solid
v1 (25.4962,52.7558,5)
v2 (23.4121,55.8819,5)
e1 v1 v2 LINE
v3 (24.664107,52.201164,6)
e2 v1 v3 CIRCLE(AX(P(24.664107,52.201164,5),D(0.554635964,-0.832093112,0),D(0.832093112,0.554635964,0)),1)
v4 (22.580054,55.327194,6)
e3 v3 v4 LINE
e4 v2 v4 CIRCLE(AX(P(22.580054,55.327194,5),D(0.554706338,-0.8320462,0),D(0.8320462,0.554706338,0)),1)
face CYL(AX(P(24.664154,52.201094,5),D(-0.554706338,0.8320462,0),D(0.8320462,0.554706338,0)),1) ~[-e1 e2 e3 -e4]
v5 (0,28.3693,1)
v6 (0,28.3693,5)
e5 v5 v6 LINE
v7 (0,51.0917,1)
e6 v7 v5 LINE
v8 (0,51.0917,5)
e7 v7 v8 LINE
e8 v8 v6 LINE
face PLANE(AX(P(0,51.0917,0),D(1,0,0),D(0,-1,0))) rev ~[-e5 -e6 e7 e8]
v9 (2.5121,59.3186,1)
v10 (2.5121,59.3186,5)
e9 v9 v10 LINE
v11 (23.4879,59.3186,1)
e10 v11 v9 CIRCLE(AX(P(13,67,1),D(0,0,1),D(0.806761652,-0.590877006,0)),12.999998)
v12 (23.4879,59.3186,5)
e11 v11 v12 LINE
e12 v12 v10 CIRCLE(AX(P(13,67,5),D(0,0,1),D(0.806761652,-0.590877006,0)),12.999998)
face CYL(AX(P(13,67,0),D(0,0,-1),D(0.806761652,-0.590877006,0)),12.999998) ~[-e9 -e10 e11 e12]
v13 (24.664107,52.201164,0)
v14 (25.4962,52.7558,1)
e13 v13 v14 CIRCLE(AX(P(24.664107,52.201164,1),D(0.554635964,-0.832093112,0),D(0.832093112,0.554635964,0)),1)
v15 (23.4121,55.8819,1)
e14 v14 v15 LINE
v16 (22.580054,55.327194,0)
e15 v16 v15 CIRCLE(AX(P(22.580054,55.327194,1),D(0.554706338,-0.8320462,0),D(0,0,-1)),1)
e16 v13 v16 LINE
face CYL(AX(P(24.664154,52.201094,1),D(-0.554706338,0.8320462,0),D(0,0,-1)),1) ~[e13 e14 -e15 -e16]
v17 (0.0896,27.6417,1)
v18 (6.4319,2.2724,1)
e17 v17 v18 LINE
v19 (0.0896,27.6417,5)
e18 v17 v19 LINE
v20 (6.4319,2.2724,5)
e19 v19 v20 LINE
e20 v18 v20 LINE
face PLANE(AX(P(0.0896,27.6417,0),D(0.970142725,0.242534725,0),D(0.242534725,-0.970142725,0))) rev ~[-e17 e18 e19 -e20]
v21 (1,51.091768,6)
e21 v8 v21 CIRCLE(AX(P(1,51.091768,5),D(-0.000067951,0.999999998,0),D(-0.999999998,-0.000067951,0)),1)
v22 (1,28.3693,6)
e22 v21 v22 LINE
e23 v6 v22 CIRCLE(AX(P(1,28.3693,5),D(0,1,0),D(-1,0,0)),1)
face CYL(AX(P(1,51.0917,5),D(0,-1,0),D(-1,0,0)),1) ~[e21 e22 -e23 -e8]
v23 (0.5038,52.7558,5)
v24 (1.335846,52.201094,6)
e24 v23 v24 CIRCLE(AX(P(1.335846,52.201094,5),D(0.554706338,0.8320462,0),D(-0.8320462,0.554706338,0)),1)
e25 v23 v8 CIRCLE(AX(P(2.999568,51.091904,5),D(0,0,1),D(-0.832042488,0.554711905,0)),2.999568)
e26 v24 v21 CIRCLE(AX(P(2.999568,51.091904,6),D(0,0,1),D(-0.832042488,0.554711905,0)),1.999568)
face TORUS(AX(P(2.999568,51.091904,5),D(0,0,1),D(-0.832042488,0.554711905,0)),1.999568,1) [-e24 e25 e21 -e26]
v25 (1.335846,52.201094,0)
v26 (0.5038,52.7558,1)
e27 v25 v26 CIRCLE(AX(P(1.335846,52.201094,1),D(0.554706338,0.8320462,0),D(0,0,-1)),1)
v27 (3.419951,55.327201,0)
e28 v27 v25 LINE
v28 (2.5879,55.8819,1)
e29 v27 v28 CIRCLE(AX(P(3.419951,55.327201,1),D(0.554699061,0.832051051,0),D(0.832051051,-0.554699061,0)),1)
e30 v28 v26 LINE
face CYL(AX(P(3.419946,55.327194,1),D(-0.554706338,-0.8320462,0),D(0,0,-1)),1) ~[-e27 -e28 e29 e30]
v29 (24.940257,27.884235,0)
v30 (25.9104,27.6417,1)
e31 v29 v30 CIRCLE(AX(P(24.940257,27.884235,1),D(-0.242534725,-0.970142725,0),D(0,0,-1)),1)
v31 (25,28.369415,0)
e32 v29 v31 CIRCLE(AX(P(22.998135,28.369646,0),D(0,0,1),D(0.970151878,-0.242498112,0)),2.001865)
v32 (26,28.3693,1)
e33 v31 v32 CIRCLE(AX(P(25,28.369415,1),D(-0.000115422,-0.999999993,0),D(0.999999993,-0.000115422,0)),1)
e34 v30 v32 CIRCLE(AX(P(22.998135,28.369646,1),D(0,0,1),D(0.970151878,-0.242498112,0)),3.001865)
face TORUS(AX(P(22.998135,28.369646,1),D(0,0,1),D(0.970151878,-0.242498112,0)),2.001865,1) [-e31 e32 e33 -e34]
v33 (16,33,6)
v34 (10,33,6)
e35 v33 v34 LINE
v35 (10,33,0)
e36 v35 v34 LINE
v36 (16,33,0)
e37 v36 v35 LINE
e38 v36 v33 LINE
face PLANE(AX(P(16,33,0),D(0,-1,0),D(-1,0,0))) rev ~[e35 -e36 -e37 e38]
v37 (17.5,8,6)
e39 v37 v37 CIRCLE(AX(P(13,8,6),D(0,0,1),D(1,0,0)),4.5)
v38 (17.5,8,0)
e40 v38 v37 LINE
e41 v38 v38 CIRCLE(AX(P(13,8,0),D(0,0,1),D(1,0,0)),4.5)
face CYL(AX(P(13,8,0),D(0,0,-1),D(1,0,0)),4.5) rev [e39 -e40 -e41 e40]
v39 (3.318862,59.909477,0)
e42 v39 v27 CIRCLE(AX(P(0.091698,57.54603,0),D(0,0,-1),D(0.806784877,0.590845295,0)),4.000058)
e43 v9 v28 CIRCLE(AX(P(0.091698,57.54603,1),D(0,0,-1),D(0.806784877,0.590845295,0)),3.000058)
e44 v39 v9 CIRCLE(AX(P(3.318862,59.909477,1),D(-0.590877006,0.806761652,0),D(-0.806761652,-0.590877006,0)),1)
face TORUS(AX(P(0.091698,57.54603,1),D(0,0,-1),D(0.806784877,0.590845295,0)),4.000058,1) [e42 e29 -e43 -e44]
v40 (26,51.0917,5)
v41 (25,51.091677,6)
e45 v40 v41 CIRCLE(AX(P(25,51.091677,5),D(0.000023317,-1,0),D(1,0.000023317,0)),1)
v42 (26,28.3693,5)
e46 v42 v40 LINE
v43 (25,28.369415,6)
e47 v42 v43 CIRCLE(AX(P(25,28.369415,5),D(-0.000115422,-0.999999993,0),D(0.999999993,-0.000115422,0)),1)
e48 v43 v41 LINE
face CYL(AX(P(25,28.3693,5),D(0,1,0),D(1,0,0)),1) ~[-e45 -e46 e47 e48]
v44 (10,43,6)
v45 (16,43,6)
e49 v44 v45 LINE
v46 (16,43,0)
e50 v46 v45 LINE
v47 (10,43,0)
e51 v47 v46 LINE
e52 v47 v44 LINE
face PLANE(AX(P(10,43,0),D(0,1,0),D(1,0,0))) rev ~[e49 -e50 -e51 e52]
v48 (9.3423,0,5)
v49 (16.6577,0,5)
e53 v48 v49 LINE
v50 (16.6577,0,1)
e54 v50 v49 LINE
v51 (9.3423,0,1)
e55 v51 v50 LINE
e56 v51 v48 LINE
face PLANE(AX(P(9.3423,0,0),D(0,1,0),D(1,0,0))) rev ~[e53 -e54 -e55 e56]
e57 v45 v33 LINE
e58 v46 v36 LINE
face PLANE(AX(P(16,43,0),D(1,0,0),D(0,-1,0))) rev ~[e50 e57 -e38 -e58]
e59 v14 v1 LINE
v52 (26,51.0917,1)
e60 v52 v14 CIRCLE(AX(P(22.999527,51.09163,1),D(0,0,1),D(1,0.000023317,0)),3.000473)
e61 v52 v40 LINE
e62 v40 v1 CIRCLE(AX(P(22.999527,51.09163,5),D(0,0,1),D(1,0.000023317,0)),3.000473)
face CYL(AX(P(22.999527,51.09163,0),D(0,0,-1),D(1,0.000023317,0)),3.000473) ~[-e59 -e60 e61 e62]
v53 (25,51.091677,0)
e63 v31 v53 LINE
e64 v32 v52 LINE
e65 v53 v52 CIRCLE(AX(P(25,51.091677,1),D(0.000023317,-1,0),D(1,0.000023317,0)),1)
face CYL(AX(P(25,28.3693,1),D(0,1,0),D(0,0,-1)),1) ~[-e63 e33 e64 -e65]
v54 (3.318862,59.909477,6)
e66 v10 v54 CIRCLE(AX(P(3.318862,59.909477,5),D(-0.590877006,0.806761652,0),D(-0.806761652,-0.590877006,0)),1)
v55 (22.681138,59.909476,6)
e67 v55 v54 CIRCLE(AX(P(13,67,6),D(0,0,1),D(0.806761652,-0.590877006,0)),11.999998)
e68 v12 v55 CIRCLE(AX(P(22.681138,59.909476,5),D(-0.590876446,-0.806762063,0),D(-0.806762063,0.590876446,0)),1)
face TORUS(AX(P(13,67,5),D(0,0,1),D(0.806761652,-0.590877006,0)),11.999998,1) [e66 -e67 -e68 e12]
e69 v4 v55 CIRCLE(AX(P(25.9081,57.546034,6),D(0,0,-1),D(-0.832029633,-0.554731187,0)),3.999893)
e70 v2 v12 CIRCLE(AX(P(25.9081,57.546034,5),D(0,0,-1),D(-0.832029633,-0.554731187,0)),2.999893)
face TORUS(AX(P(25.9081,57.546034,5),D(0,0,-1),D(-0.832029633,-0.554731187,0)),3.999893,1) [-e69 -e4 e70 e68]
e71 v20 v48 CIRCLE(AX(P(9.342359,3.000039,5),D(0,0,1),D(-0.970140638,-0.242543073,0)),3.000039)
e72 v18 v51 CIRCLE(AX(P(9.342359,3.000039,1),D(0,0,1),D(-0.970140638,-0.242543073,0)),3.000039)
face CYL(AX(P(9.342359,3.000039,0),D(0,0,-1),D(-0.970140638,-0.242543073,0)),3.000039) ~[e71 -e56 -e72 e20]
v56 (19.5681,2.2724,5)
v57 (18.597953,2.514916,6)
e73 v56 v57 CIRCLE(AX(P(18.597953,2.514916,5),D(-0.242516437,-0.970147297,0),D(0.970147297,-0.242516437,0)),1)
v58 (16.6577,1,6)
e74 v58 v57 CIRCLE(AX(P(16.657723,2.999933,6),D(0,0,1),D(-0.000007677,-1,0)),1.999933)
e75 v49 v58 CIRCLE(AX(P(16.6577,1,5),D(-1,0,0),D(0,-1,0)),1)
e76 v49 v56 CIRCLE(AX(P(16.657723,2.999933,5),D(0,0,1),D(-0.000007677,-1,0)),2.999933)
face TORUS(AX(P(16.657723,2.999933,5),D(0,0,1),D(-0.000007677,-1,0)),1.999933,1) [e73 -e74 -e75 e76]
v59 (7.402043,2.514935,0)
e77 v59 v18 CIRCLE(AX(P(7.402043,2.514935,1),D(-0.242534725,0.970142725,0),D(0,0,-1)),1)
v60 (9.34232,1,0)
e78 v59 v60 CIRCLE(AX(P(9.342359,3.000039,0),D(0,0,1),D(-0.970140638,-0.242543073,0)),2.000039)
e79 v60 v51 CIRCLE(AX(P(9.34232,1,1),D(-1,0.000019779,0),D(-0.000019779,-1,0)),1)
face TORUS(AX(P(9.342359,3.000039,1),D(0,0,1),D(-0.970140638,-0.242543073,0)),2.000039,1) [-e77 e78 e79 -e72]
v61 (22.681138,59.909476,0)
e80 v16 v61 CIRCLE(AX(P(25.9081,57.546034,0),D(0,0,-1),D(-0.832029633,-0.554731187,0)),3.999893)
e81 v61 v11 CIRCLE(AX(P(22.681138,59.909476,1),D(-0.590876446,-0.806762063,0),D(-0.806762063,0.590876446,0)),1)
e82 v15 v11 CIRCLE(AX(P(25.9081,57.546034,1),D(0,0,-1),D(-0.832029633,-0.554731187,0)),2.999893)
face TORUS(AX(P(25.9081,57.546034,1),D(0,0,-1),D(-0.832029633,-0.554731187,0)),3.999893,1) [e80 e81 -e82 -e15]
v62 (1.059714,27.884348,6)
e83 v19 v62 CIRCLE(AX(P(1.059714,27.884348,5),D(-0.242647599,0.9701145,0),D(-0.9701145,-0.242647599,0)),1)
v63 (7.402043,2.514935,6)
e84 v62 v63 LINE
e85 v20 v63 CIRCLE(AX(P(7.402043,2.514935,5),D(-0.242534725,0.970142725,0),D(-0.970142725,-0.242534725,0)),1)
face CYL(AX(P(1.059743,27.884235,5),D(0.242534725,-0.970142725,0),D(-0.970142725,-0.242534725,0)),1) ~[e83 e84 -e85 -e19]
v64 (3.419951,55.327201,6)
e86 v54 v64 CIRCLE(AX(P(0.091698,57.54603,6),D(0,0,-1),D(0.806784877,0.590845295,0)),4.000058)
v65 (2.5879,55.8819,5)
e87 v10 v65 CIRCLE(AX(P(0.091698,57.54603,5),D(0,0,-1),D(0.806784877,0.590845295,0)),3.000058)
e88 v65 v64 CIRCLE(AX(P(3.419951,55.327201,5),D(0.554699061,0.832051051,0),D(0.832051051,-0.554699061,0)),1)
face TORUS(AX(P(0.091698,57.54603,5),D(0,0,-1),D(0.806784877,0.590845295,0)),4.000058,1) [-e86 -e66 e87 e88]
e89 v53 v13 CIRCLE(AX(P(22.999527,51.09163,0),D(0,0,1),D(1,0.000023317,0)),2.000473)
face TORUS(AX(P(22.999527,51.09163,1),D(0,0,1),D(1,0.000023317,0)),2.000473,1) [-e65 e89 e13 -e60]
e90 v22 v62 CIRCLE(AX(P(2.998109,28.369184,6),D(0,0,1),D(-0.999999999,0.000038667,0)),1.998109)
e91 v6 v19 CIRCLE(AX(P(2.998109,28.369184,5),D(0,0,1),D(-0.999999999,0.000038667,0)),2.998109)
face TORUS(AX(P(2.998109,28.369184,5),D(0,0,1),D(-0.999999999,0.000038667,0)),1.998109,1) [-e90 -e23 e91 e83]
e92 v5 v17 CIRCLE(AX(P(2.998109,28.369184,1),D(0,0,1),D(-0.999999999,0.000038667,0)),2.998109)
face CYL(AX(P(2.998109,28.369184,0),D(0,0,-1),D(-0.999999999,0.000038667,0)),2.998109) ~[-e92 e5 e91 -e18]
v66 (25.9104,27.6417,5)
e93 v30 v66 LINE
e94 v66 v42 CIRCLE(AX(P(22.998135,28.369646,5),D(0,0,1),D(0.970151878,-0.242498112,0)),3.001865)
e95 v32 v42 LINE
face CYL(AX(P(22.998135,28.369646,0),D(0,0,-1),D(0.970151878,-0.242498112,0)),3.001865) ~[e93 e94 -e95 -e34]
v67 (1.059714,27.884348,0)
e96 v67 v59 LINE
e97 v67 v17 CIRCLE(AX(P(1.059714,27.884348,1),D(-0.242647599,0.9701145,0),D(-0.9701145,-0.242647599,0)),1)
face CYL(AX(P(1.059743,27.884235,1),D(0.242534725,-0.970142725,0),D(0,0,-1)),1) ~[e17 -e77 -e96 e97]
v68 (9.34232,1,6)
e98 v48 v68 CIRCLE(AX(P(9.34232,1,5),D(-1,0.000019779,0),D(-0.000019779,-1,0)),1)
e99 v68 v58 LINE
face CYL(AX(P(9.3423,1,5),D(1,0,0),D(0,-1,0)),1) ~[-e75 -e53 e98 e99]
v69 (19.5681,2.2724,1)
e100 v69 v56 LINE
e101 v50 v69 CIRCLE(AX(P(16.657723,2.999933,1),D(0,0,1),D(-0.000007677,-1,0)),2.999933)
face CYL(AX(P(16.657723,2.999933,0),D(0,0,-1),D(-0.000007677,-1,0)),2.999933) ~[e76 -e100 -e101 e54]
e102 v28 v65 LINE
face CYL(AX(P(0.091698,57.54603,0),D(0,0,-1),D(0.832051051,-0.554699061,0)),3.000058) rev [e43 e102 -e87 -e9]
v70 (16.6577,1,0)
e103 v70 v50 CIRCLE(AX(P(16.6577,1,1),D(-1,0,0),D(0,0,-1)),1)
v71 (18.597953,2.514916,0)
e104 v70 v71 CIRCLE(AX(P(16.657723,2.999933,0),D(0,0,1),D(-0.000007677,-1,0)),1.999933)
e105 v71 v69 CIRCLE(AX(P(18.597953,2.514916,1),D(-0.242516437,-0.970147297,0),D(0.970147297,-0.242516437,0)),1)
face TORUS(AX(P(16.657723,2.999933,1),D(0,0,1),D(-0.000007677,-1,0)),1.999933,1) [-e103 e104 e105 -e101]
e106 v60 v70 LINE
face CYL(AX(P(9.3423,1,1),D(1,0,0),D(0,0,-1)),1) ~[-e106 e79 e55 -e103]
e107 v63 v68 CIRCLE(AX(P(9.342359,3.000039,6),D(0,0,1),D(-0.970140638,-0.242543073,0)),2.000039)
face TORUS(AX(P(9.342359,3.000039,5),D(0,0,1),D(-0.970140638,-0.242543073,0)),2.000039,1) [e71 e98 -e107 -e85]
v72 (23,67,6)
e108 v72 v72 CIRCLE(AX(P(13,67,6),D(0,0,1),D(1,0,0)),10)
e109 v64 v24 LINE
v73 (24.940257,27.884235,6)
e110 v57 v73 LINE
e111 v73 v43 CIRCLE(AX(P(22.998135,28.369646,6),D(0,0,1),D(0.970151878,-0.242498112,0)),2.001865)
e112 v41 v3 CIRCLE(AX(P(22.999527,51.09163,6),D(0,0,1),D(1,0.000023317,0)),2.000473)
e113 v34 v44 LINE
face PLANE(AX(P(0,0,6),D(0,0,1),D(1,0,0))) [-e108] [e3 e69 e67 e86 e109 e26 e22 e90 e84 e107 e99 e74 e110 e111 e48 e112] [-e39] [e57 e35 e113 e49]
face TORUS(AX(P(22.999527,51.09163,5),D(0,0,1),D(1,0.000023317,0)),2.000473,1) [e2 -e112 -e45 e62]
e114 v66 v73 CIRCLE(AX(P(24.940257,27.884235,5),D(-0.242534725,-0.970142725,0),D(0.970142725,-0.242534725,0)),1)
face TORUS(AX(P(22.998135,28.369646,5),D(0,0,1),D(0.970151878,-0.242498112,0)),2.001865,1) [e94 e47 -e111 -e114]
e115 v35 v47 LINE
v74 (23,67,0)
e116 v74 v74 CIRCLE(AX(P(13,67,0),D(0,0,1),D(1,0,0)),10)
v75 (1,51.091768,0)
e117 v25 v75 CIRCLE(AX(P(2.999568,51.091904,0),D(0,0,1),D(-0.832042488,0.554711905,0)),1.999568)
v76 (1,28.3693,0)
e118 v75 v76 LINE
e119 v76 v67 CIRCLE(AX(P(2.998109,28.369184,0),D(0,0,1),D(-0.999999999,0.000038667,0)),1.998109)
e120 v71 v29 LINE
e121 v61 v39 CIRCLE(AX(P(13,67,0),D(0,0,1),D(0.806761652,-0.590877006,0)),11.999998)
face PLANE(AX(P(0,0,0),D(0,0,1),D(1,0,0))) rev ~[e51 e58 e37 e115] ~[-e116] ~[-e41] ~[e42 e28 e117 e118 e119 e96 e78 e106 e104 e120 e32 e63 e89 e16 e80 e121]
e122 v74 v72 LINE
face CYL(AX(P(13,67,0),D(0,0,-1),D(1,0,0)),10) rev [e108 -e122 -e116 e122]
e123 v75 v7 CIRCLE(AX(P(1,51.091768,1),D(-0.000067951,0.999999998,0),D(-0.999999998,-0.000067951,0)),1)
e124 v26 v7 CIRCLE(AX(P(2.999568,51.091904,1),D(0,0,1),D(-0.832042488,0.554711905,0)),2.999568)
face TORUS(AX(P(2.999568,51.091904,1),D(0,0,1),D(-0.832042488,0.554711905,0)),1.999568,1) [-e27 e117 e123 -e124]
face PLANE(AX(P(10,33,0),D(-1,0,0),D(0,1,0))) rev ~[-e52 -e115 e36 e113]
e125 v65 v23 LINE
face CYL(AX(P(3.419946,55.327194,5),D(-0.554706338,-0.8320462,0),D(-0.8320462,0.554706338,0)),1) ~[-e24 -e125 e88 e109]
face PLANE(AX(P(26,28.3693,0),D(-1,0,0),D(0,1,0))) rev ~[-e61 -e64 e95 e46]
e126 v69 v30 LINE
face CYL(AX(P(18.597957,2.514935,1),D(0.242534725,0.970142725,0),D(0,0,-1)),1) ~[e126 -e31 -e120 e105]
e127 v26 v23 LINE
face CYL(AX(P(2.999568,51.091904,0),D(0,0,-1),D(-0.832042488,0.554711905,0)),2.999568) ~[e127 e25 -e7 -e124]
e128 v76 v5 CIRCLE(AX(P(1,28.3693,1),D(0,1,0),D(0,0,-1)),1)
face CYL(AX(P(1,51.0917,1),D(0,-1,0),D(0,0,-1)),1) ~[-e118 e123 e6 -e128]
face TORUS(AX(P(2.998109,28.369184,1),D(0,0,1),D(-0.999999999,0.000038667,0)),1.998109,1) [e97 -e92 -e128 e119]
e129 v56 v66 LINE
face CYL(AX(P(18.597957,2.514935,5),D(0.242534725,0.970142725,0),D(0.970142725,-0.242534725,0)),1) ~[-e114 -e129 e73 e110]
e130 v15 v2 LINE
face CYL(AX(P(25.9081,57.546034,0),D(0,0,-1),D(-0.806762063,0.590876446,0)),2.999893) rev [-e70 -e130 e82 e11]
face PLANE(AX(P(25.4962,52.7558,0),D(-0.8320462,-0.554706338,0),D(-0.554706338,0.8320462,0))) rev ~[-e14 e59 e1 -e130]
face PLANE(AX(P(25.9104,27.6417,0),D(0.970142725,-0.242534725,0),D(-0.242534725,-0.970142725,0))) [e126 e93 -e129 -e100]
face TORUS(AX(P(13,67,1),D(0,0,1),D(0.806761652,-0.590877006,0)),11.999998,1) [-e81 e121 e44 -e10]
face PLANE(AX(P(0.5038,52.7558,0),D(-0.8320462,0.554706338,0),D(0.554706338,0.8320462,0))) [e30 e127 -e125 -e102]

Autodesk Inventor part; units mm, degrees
ref_plane "YZ Plane" through (0, 0, 0) normal (1, 0, 0) x (0, 1, 0)
ref_plane "XZ Plane" through (0, 0, 0) normal (0, 1, 0) x (-1, 0, 0)
ref_plane "XY Plane" through (0, 0, 0) normal (0, 0, 1) x (1, 0, 0)
sketch "Náčrt1" plane through (0, 0, 0) normal (0, 0, 1) x (1, 0, 0)
  line L0 (9.3423, 0) -> (16.6577, 0)
  line L1 (26, 28.3693) -> (26, 51.0917)
  line L2 (0, 51.0917) -> (0, 28.3693)
  circle A0 centre (13, 67) radius 10
  arc A1 (23.4879, 59.3186) -> (2.5121, 59.3186) centre (13, 67) ccw
  circle A2 centre (13, 8) radius 4.5
  line L3 (10, 43) -> (16, 43)
  line L4 (16, 43) -> (16, 33)
  line L5 (16, 33) -> (10, 33)
  line L6 (10, 33) -> (10, 43)
  line L7 (26, 51.0917) -> (26, 28.3693)
  line L8 (0, 28.3693) -> (0, 51.0917)
  line L9 (0.0896, 27.6417) -> (6.4319, 2.2724)
  line L10 (25.9104, 27.6417) -> (19.5681, 2.2724)
  line L11 (25.4962, 52.7558) -> (23.4121, 55.8819)
  line L12 (0.5038, 52.7558) -> (2.5879, 55.8819)
  arc A3 (6.4319, 2.2724) -> (9.3423, 0) centre (9.3423, 3) ccw
  arc A4 (16.6577, 0) -> (19.5681, 2.2724) centre (16.6577, 3) ccw
  arc A5 (0.5038, 52.7558) -> (0, 51.0917) centre (3, 51.0917) ccw
  arc A6 (26, 51.0917) -> (25.4962, 52.7558) centre (23, 51.0917) ccw
  arc A7 (23.4879, 59.3186) -> (23.4121, 55.8819) centre (25.9082, 57.546) ccw
  arc A8 (2.5879, 55.8819) -> (2.5121, 59.3186) centre (0.0918, 57.546) ccw
  arc A9 (25.9104, 27.6417) -> (26, 28.3693) centre (23, 28.3693) ccw
  arc A10 (0, 28.3693) -> (0.0896, 27.6417) centre (3, 28.3693) ccw
  point P0 (0, 0)
  point P1 (13, 38)
  point P2 (13, 38)
  point P3 (22.1538, 57.7692)
  point P4 (3.8462, 57.7692)
  dimension "d4" = 3
  dimension "d11" = 20
extrude "Vysunutí1" add sketch "Náčrt1" along normal blind 6
fillet "Zaoblení1" radius 1 16 edges at (25.8713, 51.961, 6) (24.4541, 54.3188, 6) (22.9089, 57.6122, 6) (13, 80, 6) (3.0911, 57.6122, 6) (1.5459, 54.3188, 6) (0.1287, 51.961, 6) (0, 39.7305, 6) (0.0225, 28.0028, 6) (3.2607, 14.9571, 6) (7.4961, 0.6354, 6) (13, 0, 6) (18.5039, 0.6354, 6) (22.7393, 14.9571, 6) (25.9775, 28.0028, 6) (26, 39.7305, 6)
fillet "Zaoblení2" radius 1 16 edges at (25.8713, 51.961, 0) (24.4541, 54.3188, 0) (22.9089, 57.6122, 0) (13, 80, 0) (3.0911, 57.6122, 0) (1.5459, 54.3188, 0) (0.1287, 51.961, 0) (0, 39.7305, 0) (0.0225, 28.0028, 0) (3.2607, 14.9571, 0) (7.4961, 0.6354, 0) (13, 0, 0) (18.5039, 0.6354, 0) (22.7393, 14.9571, 0) (25.9775, 28.0028, 0) (26, 39.7305, 0)
properties part number "crossguard"
